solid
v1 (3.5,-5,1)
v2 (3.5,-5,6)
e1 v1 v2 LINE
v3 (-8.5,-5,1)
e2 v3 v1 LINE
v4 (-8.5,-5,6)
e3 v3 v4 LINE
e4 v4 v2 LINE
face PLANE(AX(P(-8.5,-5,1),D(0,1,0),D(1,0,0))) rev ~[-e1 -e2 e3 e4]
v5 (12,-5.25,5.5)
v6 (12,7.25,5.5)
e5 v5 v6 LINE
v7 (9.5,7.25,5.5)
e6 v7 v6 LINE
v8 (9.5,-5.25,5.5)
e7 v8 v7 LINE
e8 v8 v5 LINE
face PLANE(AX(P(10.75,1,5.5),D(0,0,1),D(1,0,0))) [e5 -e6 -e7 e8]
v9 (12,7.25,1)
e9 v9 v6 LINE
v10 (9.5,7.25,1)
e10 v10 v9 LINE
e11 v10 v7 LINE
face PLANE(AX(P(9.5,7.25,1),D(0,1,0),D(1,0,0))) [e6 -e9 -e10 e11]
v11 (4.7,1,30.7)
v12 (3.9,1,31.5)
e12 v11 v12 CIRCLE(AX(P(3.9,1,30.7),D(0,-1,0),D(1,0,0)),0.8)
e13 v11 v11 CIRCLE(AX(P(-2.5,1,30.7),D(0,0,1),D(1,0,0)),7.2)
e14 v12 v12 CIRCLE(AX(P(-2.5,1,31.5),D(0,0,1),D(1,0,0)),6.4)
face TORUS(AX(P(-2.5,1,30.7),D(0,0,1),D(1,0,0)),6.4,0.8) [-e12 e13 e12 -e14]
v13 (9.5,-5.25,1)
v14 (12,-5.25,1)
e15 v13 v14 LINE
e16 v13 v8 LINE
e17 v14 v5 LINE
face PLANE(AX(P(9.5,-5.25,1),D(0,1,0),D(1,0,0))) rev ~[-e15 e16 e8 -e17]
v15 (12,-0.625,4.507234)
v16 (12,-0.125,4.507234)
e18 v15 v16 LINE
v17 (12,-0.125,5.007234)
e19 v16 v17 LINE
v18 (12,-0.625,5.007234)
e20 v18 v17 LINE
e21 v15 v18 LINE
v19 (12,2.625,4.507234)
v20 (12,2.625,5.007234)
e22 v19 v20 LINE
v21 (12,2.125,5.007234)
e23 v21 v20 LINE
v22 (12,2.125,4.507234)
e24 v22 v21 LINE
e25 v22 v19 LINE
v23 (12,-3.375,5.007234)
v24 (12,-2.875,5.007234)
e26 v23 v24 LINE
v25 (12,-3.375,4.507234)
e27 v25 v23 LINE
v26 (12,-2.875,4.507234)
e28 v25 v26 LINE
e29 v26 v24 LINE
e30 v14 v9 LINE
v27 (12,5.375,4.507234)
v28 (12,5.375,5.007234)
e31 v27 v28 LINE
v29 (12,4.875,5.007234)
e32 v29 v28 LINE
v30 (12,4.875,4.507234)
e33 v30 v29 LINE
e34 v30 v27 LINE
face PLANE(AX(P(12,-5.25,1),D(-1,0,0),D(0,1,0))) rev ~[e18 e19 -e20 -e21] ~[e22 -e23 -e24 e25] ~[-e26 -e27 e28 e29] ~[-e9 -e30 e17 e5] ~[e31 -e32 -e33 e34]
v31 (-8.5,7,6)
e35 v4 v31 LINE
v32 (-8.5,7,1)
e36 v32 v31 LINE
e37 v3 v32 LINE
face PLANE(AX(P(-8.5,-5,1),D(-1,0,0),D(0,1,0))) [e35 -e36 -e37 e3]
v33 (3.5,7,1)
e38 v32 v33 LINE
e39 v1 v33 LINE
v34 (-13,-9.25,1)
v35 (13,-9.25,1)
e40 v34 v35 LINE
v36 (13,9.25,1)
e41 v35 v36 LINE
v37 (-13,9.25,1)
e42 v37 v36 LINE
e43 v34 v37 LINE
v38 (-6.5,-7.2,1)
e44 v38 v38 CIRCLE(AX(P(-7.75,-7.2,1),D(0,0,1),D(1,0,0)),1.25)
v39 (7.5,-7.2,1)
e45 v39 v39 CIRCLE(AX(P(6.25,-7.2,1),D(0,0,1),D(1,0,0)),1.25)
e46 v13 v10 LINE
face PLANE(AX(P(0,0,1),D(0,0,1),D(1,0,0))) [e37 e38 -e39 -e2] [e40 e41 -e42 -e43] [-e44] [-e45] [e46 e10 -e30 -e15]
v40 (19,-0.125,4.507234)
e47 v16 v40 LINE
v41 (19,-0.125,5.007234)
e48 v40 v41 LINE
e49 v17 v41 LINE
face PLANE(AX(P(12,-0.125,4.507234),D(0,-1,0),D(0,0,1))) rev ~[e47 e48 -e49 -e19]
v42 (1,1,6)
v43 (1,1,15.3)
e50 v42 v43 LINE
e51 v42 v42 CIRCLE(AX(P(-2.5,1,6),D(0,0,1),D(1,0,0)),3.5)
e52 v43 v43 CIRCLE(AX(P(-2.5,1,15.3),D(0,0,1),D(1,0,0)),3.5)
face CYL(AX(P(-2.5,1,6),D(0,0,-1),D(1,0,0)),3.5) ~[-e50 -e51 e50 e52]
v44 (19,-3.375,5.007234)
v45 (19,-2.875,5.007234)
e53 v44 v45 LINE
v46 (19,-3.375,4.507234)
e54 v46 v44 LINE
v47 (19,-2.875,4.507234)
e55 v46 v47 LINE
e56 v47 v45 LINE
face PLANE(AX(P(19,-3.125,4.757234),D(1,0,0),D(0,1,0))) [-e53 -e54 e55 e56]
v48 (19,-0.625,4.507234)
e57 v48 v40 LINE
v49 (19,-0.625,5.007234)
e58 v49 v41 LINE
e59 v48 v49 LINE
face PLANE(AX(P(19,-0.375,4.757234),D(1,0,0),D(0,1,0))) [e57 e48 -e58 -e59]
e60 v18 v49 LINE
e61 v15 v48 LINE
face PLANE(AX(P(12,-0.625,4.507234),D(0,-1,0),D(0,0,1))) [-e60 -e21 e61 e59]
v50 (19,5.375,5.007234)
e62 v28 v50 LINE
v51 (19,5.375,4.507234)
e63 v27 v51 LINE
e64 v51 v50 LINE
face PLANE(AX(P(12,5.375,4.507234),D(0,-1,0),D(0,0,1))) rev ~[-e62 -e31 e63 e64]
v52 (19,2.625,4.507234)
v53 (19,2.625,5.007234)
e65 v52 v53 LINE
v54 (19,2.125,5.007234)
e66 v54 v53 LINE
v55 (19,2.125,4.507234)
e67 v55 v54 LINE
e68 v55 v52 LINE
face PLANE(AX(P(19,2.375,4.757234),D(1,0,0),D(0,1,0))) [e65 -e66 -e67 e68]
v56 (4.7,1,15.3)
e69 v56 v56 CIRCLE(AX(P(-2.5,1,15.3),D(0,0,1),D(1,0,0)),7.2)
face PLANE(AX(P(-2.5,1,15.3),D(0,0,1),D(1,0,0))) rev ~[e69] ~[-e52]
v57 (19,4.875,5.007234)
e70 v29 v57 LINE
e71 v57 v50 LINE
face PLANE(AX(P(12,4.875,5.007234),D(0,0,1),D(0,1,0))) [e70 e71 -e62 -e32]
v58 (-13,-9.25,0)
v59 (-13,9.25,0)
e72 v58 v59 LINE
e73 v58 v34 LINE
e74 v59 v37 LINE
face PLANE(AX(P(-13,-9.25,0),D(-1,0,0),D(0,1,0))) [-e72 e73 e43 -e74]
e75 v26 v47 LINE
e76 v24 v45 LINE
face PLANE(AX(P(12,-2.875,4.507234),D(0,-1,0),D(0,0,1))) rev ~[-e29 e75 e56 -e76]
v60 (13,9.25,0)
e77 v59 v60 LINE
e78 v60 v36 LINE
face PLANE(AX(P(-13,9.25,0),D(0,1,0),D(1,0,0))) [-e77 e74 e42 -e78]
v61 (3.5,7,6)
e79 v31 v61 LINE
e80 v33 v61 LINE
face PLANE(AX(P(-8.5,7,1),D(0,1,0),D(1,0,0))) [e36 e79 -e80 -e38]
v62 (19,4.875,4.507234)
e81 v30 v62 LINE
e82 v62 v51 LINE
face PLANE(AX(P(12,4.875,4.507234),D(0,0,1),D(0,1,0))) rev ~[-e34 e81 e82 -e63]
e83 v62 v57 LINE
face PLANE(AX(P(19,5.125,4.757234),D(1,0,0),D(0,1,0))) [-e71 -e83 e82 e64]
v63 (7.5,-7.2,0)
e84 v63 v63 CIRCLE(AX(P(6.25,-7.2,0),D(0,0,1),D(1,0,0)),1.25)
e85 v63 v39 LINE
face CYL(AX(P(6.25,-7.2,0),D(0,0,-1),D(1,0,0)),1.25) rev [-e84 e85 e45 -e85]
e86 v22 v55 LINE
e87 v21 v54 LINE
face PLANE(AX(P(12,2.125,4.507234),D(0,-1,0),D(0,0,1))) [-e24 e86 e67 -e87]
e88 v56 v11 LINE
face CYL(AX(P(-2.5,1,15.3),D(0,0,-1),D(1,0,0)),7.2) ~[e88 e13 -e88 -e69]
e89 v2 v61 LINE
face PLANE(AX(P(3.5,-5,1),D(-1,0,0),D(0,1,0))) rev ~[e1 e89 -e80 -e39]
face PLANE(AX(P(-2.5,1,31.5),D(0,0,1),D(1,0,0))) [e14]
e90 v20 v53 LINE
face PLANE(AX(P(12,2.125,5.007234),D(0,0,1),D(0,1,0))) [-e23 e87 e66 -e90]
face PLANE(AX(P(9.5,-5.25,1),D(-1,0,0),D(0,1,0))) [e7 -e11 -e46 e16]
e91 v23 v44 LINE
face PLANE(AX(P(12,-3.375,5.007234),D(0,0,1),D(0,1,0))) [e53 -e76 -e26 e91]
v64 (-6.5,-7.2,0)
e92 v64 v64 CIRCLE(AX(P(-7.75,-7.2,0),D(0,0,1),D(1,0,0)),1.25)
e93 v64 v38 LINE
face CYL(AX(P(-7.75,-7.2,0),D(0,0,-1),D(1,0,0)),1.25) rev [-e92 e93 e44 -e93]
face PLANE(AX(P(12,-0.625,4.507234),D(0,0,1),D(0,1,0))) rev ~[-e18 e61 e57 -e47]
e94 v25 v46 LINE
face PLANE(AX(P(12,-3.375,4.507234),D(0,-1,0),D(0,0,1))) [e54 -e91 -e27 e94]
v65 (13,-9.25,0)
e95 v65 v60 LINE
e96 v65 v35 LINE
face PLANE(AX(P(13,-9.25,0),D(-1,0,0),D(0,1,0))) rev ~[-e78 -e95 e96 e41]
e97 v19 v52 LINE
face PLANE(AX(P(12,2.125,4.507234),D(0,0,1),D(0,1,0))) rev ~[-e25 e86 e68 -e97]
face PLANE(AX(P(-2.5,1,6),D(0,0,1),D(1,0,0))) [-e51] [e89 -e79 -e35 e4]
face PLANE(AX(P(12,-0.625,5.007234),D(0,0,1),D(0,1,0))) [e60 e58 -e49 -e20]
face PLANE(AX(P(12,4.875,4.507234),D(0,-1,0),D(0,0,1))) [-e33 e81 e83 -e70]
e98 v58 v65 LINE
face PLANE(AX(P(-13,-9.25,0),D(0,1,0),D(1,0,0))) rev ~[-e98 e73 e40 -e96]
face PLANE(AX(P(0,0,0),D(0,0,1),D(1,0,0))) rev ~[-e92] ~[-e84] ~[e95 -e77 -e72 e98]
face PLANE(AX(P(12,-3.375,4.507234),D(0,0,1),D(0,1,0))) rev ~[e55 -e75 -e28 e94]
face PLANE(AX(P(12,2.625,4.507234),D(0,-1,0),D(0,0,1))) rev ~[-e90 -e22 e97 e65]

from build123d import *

# Parameters (mm, degrees)
F0_W      = 26
F0_H      = 18.5
F0_R      = 1.25
F1_DEPTH  = 1
F2_W      = 12
F2_H      = 12
F3_DEPTH  = 5
F4_R      = 3.5
F5_DEPTH  = 9.3
F6_R      = 7.2
F7_DEPTH  = 16.2
F8_R      = 0.8
F9_W      = 2.5
F9_H      = 12.5
F10_DEPTH = 4.5
F11_W     = 0.5
F11_H     = 0.5
F12_DEPTH = 7


with BuildPart() as f1:
    # F0 (on Top) → F1 (new body)
    with BuildSketch(Plane.XY):
        Rectangle(F0_W, F0_H)
        with Locations((-7.75, -7.2)):
            Circle(F0_R, mode=Mode.SUBTRACT)
        with Locations((6.25, -7.2)):
            Circle(F0_R, mode=Mode.SUBTRACT)
    extrude(amount=F1_DEPTH)

    # F2 (on face) → F3 (join)
    with BuildSketch(Plane.XY.offset(1)):
        with Locations((-2.5, 1)):
            Rectangle(F2_W, F2_H)
    extrude(amount=F3_DEPTH)

    # F4 (on face) → F5 (join)
    with BuildSketch(Plane.XY.offset(6)):
        with Locations((-2.5, 1)):
            Circle(F4_R)
    extrude(amount=F5_DEPTH)

    # F6 (on face) → F7 (join)
    with BuildSketch(Plane.XY.offset(15.3)):
        with Locations((-2.5, 1)):
            Circle(F6_R)
    extrude(amount=F7_DEPTH)

    # F8
    f8_edges = [f1.edges().sort_by_distance(p)[0] for p in [
        (-9.7, 1, 31.5),
    ]]
    fillet(f8_edges, radius=F8_R)

    # F9 (on face) → F10 (join)
    with BuildSketch(Plane.XY.offset(1)):
        with Locations((10.75, 1)):
            Rectangle(F9_W, F9_H)
    extrude(amount=F10_DEPTH)

    # F11 (on face) → F12 (join)
    with BuildSketch(Plane.YZ.offset(12)):
        with Locations((-3.125, 4.757234)):
            Rectangle(F11_W, F11_H)
        with Locations((-0.375, 4.757234)):
            Rectangle(F11_W, F11_H)
        with Locations((2.375, 4.757234)):
            Rectangle(F11_W, F11_H)
        with Locations((5.125, 4.757234)):
            Rectangle(F11_W, F11_H)
    extrude(amount=F12_DEPTH)


solid = f1.part
